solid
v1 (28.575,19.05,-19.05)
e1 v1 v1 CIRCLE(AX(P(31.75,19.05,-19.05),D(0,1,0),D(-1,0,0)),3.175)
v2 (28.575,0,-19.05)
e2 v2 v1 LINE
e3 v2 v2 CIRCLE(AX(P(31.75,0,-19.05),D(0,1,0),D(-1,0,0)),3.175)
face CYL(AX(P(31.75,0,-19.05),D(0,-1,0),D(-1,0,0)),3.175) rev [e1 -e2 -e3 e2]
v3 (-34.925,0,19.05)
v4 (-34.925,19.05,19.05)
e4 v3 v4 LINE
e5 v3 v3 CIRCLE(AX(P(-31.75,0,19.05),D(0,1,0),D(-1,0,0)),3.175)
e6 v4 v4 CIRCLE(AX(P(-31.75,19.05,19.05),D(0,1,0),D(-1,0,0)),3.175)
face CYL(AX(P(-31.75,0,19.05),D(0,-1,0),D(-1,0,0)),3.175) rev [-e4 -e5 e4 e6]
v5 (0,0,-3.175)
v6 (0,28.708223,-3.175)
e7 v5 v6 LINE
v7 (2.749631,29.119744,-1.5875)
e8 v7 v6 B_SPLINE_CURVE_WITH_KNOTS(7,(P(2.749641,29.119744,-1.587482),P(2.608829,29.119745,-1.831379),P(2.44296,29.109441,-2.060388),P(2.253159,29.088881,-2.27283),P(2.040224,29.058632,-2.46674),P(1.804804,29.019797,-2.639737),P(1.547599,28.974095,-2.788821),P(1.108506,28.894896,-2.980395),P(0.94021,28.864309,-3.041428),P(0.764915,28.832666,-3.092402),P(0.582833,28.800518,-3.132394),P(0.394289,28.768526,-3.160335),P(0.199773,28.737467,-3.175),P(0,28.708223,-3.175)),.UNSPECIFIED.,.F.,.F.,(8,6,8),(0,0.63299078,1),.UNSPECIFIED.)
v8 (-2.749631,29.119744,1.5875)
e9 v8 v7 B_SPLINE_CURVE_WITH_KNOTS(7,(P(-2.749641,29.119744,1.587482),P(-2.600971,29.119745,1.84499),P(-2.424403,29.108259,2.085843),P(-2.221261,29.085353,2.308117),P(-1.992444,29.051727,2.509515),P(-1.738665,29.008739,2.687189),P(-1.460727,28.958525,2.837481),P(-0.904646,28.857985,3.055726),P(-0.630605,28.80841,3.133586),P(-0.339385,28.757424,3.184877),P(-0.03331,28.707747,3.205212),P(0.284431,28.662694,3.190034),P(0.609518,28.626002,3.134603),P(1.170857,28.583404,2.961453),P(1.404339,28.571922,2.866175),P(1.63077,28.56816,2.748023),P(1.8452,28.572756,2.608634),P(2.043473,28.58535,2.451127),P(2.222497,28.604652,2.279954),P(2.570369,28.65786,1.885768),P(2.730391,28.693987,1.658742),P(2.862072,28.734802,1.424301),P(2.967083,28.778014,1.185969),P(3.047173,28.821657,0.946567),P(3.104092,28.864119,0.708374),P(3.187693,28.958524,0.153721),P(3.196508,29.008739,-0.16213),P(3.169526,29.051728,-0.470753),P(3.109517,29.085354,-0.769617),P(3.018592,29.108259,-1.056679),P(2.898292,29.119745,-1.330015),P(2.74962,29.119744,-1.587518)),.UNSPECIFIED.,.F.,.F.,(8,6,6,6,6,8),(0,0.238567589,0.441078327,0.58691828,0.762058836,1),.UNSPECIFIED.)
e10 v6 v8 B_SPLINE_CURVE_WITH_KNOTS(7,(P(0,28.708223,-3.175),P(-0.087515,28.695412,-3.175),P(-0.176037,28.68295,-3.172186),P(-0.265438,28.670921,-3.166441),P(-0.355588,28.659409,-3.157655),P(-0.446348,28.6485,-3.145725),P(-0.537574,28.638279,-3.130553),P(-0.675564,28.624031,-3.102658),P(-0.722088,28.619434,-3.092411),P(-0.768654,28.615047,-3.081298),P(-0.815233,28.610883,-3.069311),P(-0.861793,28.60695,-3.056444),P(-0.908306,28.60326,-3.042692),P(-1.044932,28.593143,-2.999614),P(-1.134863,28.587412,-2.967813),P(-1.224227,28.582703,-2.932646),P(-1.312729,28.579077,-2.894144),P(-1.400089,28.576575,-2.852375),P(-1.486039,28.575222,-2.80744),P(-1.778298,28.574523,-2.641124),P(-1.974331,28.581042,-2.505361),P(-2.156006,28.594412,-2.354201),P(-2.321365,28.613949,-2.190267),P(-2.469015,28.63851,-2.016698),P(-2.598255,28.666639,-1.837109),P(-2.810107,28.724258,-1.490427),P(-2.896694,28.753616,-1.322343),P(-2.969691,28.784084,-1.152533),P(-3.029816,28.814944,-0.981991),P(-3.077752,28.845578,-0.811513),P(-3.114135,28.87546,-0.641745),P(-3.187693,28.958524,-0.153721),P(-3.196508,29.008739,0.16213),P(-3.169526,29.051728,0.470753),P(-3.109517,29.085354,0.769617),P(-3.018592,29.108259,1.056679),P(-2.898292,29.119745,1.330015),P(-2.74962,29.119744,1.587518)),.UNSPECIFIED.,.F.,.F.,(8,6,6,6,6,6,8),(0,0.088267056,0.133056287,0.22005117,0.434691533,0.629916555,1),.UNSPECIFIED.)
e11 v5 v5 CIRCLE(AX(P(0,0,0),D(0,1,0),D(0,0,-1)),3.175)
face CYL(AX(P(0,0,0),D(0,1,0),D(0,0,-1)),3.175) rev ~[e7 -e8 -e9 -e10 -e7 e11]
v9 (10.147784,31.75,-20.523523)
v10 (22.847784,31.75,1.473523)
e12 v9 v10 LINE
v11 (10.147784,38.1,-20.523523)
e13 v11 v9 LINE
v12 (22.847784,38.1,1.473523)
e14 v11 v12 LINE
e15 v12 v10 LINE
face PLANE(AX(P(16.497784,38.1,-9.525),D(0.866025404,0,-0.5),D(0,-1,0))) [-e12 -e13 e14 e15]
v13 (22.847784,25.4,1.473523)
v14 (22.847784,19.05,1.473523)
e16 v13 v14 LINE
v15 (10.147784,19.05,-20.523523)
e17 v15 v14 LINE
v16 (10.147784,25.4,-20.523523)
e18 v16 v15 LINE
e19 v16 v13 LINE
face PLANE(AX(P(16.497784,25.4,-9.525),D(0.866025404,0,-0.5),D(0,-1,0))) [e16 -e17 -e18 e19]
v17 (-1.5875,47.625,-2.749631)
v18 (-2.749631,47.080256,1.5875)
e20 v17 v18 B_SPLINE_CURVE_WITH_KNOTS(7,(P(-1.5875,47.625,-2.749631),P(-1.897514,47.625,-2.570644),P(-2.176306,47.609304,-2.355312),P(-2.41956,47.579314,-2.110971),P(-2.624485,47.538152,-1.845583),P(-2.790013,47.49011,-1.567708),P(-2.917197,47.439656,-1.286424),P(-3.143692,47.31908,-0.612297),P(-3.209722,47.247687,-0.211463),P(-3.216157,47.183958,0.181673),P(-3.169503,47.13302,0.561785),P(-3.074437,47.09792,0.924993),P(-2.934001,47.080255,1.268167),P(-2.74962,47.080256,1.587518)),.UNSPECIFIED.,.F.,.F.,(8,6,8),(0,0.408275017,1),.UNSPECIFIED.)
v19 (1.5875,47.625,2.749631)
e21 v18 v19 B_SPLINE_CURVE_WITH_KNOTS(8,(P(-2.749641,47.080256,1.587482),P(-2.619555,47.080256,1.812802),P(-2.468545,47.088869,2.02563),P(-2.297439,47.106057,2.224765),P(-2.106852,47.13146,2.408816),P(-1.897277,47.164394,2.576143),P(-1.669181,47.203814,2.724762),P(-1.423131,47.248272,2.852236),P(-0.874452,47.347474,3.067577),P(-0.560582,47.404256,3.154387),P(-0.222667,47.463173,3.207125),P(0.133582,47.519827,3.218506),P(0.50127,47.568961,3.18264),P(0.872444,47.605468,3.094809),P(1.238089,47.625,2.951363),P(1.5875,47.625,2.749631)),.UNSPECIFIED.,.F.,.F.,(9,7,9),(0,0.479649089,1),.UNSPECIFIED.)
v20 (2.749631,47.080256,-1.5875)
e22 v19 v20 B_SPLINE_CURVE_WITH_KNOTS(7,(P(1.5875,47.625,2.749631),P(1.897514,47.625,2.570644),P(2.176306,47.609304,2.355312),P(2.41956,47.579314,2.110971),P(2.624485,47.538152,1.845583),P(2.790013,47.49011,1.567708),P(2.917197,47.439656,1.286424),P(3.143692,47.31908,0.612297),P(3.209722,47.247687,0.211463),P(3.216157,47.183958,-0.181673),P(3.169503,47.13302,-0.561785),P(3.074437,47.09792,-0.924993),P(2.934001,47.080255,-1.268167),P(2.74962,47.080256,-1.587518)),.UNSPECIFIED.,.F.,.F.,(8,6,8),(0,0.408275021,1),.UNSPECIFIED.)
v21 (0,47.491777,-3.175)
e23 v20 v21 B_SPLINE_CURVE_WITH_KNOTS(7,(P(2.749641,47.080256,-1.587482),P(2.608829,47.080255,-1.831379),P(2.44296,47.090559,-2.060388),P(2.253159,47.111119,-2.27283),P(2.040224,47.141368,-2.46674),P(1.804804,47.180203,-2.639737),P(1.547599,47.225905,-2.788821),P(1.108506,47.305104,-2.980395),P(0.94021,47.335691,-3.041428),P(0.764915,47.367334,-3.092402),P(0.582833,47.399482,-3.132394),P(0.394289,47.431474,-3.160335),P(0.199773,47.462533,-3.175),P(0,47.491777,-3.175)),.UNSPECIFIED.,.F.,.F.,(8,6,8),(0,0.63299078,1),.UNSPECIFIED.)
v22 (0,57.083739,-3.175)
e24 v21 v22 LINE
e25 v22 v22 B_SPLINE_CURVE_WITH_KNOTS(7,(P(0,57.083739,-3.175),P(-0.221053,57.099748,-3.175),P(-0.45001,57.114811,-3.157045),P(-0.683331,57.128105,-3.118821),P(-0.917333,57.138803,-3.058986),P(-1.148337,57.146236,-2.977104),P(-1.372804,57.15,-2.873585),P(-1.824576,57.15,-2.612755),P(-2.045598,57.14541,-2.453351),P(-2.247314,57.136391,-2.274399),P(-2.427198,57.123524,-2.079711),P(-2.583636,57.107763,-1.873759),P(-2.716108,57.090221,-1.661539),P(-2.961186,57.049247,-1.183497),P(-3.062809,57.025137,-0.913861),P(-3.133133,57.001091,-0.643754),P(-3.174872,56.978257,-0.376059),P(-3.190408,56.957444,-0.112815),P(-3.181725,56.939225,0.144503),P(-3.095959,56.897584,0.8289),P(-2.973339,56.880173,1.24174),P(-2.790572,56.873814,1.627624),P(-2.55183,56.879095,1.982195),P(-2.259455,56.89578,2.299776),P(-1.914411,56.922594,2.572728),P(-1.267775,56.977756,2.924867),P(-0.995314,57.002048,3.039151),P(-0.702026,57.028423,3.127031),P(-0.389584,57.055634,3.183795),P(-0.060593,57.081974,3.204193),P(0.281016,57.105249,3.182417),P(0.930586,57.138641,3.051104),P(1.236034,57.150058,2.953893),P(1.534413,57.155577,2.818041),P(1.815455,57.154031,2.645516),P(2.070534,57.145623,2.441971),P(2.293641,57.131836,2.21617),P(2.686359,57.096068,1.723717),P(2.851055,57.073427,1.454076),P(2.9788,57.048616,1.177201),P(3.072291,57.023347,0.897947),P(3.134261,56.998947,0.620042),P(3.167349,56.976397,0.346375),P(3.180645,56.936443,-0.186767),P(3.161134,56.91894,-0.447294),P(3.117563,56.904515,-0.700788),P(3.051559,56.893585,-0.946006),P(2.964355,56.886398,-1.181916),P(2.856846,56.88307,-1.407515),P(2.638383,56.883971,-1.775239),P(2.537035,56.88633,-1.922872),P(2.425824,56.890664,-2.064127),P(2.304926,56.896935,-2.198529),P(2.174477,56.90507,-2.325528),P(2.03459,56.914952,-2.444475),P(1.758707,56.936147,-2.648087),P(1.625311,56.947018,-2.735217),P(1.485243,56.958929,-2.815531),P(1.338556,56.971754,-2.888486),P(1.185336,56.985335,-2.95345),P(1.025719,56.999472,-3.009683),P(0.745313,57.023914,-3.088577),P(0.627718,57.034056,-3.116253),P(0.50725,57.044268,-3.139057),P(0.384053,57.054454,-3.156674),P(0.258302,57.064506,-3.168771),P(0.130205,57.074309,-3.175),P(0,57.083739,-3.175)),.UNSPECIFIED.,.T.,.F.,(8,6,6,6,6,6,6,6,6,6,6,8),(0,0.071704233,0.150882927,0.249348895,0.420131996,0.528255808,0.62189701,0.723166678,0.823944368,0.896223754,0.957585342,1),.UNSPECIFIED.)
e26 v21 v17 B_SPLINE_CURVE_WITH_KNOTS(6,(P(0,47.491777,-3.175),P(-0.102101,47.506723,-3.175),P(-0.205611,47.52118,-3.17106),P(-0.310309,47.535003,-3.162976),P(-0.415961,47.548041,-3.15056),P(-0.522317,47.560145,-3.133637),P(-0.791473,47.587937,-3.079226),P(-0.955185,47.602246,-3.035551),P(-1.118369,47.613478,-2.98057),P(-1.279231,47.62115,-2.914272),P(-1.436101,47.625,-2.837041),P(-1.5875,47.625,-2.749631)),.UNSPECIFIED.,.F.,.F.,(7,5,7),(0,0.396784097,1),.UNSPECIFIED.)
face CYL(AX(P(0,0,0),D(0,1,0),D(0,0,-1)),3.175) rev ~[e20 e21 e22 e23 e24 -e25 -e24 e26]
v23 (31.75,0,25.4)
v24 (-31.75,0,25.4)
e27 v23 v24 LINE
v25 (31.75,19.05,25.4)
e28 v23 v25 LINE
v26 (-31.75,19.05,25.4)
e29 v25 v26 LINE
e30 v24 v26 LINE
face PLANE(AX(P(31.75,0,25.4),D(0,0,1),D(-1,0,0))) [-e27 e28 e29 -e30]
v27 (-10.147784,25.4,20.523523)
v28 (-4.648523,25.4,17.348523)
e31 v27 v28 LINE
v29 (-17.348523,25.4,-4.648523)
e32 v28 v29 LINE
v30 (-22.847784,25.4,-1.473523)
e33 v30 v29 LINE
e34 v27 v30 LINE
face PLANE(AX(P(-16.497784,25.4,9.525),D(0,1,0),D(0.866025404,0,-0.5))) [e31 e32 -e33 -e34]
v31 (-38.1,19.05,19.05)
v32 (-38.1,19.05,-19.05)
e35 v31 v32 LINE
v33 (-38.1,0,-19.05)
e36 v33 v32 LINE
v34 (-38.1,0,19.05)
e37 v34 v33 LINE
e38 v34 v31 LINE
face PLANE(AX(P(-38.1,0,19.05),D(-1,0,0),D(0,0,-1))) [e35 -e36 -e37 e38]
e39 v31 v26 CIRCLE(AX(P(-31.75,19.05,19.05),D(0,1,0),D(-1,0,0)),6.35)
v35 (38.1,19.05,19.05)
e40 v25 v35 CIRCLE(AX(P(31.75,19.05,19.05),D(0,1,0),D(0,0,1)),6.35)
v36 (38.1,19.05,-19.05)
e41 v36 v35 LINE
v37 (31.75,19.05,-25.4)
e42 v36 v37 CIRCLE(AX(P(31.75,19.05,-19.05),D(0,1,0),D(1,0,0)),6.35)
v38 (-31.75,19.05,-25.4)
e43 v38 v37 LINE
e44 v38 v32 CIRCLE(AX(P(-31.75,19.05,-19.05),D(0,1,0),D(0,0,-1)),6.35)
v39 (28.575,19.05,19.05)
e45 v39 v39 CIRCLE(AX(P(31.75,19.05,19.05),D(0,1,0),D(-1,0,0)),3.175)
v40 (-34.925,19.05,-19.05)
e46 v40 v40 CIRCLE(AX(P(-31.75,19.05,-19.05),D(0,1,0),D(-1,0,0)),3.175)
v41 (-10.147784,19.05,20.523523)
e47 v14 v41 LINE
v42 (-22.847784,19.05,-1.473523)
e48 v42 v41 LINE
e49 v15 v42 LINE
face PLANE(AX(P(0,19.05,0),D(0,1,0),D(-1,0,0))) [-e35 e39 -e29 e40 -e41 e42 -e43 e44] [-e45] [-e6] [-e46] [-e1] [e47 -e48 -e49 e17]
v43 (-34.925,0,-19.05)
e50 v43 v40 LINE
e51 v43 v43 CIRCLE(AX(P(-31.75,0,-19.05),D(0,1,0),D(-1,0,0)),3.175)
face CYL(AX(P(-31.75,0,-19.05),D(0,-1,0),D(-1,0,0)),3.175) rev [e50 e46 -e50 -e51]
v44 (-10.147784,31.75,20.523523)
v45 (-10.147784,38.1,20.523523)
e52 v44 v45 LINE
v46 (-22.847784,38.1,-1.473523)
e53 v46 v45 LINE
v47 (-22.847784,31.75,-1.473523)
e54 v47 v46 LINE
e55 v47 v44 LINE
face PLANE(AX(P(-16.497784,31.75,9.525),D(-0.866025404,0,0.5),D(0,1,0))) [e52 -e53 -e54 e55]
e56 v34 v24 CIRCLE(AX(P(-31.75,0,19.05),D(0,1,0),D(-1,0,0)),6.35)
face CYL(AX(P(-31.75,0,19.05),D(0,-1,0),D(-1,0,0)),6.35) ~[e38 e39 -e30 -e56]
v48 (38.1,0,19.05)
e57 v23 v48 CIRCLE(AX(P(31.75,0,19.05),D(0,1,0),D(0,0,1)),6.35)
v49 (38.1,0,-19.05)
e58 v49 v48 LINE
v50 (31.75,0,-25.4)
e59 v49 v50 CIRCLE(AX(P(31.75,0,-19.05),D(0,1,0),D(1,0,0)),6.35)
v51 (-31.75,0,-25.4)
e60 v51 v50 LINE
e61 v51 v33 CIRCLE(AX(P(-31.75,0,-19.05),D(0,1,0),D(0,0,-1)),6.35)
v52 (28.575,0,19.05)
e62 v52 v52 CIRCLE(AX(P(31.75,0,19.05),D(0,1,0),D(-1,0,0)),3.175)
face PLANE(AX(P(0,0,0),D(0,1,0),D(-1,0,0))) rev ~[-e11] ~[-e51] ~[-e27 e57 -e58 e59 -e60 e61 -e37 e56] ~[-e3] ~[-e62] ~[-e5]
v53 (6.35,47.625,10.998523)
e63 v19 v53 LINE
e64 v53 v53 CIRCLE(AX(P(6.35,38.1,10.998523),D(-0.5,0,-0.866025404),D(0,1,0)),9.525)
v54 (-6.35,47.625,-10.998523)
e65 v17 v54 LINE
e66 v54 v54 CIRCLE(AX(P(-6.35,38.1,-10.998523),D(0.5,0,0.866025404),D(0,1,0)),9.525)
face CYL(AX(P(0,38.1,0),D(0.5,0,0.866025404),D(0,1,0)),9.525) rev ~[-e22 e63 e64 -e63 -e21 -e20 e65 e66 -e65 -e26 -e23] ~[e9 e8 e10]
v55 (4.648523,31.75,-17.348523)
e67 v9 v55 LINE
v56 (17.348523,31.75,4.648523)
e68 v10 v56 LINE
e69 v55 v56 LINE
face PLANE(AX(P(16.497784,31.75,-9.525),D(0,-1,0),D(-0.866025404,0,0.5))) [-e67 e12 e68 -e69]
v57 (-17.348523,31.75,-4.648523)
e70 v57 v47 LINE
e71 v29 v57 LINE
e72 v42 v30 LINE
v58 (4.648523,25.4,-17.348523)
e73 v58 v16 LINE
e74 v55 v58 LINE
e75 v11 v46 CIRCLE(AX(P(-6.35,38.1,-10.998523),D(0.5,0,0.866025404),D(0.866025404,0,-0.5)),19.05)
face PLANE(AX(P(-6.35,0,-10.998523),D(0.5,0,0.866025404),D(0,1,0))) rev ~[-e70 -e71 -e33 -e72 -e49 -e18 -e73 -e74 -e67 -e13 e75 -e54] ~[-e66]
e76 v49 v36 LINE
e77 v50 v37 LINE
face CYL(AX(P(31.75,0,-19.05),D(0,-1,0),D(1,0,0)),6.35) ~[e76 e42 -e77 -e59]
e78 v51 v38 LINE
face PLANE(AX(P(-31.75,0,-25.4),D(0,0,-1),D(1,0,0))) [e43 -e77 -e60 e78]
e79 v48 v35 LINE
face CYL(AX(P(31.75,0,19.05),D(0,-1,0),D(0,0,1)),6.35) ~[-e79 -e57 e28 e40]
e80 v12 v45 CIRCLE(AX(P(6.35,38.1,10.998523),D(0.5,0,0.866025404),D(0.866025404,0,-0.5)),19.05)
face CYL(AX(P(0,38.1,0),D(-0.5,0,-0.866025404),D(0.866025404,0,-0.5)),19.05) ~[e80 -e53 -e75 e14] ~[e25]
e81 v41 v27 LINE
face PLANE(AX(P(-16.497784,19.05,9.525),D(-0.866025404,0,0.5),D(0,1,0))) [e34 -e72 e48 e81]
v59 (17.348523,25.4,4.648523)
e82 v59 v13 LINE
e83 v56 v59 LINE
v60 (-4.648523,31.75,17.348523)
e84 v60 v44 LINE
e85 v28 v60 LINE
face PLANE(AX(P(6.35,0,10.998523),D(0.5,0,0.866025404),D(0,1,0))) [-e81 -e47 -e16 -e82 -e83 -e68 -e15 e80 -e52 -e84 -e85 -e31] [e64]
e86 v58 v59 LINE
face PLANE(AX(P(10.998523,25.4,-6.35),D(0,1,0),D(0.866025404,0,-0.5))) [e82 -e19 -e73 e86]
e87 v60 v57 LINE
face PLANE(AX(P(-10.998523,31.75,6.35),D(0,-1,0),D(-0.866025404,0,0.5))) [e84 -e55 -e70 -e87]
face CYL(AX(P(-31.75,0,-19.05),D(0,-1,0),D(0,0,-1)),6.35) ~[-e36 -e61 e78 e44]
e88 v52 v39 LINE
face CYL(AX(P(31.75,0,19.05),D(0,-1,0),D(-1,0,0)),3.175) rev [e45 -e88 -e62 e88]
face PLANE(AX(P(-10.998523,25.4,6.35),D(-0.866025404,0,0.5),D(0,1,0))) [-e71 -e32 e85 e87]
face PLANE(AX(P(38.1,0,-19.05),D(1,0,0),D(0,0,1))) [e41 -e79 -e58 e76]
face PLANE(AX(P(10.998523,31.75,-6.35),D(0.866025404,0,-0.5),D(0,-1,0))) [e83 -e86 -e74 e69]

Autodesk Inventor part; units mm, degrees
sketch "Sketch1" plane through (0, 0, 0) normal (0, 1, 0) x (-1, 0, 0)
  line L0 (31.75, -25.4) -> (-31.75, -25.4)
  line L1 (-38.1, -19.05) -> (-38.1, 19.05)
  line L2 (-31.75, 25.4) -> (31.75, 25.4)
  line L3 (38.1, 19.05) -> (38.1, -19.05)
  arc A0 (38.1, 19.05) -> (31.75, 25.4) centre (31.75, 19.05) ccw
  arc A1 (31.75, -25.4) -> (38.1, -19.05) centre (31.75, -19.05) ccw
  arc A2 (-38.1, -19.05) -> (-31.75, -25.4) centre (-31.75, -19.05) ccw
  arc A3 (-31.75, 25.4) -> (-38.1, 19.05) centre (-31.75, 19.05) ccw
  circle A4 centre (31.75, -19.05) radius 3.175
  circle A5 centre (-31.75, -19.05) radius 3.175
  circle A6 centre (-31.75, 19.05) radius 3.175
  circle A7 centre (31.75, 19.05) radius 3.175
  line L4 (0, 25.4) -> (0, -25.4) construction
  line L5 (38.1, 0) -> (-38.1, 0) construction
  point P0 (0, 0)
  point P1 (0, 0)
  dimension "d0" = 6.35
  dimension "d1" = 6.35
  dimension "d2" = 76.2
  dimension "d3" = 50.8
  dimension "d4" = 38.1
  dimension "d5" = 25.4
extrude "MAIN BODY" add sketch "Sketch1" along normal blind 19.05
ref_plane "WP1" through (0, 0, 0) normal (0.5, 0, 0.866) x (0, 1, 0)
sketch "Sketch2" plane through (0, 0, 0) normal (0.5, 0, 0.866) x (0, 1, 0)
  line L0 (19.05, -40.1963) -> (19.05, 14.7963) construction
  line L1 (19.05, 19.05) -> (25.4, 19.05)
  line L2 (25.4, 19.05) -> (25.4, 12.7)
  line L3 (25.4, 12.7) -> (31.75, 12.7)
  line L4 (31.75, 12.7) -> (31.75, 19.05)
  line L5 (31.75, 19.05) -> (38.1, 19.05)
  line L6 (38.1, 19.05) -> (38.1, -19.05)
  line L7 (38.1, -19.05) -> (31.75, -19.05)
  line L8 (31.75, -19.05) -> (31.75, -12.7)
  line L9 (31.75, -12.7) -> (25.4, -12.7)
  line L10 (25.4, -12.7) -> (25.4, -19.05)
  line L11 (25.4, -19.05) -> (19.05, -19.05)
  line L12 (19.05, -19.05) -> (19.05, 19.05)
  arc A0 (38.1, -19.05) -> (38.1, 19.05) centre (38.1, 0) ccw
  circle A1 centre (38.1, 0) radius 9.525
  point P0 (0, 0)
  dimension "d9" = 19.05
  dimension "d10" = 6.35
  dimension "d11" = 6.35
  dimension "d13" = 6.35
  dimension "d14" = 6.35
  dimension "d15" = 38.1
  dimension "d17" = 19.05
  dimension "d18" = 6.35
  dimension "d19" = 6.35
  dimension "d20" = 19.05
extrude "TOP BOSS" add sketch "Sketch2" along normal mid plane 25.4 contours L1 L2 L3 L4 L5 L6 A1 L7 L8 L9 L10 L11 L12 | A0 L6 A1
sketch "Sketch6" plane through (0, 0, 0) normal (0, -1, 0) x (1, 0, 0)
  point P0 (0, 0)
  point P1 (0, 0)
hole "THROUGH HOLE" at (0, 0, 0) direction (0, 1, 0) diameter 6.35 end through all
equation "\"d11\" = d10"
equation "\"d13\" = d10"
equation "\"d14\" = d11"
equation "\"d17\" = 0.5 * d15"
equation "\"d18\" = d10"
equation "\"d19\" = d18"
properties part number "ANS9-TUT-BK" material "LCP Plastic"
